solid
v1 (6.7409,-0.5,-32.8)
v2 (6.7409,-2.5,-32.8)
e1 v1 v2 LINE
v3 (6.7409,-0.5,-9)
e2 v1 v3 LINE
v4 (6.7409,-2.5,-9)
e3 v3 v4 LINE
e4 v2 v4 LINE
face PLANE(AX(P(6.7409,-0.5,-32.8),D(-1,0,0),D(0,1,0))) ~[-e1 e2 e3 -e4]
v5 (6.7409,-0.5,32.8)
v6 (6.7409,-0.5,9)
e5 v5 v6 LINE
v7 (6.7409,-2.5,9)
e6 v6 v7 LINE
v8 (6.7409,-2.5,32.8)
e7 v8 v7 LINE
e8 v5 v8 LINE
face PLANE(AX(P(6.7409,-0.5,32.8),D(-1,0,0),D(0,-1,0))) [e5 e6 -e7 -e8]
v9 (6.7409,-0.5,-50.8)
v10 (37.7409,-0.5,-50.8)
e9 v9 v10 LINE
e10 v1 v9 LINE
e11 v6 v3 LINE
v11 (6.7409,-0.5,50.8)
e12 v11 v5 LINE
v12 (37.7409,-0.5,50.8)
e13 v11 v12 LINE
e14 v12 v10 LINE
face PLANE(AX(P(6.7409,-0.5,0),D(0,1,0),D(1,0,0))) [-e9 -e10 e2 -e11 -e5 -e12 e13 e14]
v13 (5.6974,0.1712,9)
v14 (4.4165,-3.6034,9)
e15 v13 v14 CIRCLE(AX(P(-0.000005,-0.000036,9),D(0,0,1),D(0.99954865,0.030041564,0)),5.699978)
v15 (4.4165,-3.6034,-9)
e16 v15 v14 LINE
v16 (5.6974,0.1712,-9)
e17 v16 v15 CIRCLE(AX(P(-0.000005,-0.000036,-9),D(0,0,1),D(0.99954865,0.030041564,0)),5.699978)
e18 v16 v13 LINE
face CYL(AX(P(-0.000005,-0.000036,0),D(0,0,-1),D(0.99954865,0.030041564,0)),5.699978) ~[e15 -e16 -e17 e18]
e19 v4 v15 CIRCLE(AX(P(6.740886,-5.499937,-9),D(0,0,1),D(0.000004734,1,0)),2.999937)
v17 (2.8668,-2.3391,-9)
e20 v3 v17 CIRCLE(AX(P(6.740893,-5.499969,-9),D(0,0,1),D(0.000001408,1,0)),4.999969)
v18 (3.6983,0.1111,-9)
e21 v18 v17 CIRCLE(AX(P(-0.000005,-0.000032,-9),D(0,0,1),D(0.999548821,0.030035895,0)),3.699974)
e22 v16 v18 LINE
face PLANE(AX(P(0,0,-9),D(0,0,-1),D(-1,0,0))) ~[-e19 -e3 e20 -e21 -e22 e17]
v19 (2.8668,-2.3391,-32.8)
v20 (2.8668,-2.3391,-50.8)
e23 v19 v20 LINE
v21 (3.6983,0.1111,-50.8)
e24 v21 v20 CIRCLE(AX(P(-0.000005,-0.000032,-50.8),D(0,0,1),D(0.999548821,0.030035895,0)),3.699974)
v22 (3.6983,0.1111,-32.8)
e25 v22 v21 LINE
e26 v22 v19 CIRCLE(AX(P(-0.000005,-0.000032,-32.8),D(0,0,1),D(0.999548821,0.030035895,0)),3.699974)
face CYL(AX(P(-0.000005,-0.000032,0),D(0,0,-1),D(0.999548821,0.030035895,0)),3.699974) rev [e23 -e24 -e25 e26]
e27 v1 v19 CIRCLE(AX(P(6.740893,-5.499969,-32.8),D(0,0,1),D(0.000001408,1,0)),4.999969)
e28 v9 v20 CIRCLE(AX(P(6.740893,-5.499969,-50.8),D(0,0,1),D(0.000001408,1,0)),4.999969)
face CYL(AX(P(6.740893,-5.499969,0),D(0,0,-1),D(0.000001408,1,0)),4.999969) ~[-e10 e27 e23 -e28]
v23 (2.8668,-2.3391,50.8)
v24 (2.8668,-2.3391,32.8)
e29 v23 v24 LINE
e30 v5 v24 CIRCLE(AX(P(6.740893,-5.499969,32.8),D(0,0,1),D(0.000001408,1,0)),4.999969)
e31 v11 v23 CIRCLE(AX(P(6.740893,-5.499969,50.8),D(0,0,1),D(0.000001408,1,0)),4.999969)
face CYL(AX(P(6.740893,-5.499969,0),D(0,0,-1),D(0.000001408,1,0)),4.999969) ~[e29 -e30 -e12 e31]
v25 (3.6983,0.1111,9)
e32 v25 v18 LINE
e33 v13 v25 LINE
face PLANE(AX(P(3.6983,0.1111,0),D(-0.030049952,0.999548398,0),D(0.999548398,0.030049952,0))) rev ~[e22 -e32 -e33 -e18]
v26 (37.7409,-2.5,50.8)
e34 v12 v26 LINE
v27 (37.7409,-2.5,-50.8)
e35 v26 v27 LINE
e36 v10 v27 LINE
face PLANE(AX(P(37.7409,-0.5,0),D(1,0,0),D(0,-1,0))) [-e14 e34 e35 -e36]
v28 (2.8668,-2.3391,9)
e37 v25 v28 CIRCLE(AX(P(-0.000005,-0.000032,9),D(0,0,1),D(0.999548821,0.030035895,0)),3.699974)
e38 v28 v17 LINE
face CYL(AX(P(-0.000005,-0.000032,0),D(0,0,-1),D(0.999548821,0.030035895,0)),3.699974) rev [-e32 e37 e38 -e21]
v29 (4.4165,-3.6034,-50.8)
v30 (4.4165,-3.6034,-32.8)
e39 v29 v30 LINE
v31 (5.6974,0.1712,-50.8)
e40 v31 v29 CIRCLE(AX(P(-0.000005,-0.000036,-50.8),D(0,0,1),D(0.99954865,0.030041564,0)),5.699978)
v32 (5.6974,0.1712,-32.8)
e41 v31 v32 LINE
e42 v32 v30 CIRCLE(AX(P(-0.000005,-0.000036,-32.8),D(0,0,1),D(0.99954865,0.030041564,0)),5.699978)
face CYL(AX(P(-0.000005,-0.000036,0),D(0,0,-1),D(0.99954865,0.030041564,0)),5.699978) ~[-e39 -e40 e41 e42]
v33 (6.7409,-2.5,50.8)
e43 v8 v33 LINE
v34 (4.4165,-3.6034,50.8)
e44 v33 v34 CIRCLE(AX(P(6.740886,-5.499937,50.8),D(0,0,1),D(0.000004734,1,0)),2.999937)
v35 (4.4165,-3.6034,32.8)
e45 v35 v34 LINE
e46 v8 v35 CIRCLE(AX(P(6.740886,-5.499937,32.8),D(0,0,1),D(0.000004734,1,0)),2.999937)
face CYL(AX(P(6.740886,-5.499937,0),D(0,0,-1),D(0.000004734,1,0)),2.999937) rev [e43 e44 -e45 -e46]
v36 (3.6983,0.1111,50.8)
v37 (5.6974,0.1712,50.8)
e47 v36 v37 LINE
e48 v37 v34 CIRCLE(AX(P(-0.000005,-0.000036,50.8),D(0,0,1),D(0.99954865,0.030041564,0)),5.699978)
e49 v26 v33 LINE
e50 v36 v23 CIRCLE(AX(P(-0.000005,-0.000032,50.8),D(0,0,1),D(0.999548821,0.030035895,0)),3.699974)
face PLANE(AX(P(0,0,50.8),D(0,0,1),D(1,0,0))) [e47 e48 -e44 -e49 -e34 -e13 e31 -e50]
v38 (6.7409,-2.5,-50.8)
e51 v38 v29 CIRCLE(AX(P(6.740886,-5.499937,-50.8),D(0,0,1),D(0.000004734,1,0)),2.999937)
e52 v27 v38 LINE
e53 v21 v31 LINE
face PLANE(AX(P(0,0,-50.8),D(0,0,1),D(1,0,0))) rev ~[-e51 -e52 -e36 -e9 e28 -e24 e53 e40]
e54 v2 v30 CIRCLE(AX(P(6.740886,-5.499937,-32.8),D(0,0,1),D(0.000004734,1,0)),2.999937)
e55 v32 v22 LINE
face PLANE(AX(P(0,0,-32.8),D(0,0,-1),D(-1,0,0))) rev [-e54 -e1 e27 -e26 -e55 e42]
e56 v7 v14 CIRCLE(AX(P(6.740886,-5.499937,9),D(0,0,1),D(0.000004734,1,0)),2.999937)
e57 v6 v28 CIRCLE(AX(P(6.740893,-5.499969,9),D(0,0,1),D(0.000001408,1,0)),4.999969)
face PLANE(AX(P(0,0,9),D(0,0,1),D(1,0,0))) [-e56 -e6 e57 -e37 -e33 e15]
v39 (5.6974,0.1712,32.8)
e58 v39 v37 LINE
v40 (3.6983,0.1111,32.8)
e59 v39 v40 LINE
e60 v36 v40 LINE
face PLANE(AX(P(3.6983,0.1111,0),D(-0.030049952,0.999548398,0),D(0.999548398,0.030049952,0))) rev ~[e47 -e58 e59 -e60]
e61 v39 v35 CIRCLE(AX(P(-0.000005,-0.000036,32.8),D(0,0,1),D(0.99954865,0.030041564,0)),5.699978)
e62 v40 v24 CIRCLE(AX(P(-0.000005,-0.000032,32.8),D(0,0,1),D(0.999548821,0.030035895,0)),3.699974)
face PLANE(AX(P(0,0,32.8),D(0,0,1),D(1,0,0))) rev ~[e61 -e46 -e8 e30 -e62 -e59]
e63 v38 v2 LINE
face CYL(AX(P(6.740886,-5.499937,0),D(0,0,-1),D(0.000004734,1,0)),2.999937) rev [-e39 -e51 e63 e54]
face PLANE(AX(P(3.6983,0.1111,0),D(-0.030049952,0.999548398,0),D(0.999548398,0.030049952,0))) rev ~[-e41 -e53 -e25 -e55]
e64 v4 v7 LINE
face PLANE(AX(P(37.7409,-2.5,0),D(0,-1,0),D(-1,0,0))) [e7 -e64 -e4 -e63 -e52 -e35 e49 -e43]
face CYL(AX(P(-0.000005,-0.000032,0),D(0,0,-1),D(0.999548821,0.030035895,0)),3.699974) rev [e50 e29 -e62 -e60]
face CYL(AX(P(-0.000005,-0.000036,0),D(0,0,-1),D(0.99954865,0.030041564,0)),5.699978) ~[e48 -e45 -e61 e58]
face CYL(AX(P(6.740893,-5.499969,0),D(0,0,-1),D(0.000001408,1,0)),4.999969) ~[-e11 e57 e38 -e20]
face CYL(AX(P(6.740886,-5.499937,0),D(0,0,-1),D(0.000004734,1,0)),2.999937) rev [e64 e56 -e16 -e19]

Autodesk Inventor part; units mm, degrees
ref_plane "YZ Plane" through (0, 0, 0) normal (1, 0, 0) x (0, 1, 0)
ref_plane "XZ Plane" through (0, 0, 0) normal (0, 1, 0) x (-1, 0, 0)
sketch "Sketch1" plane through (0, 0, 0) normal (0, 0, 1) x (1, 0, 0)
  arc A0 (5.6974, 0.1712) -> (4.4165, -3.6034) centre (0, 0) ccw
  line L0 (37.7409, -2.5) -> (6.7409, -2.5)
  arc A1 (3.6983, 0.1111) -> (2.8668, -2.3391) centre (0, 0) ccw
  line L1 (6.7409, -0.5) -> (37.7409, -0.5)
  line L2 (37.7409, -0.5) -> (37.7409, -2.5)
  arc A2 (6.7409, -2.5) -> (4.4165, -3.6034) centre (6.7409, -5.5) ccw
  arc A3 (6.7409, -0.5) -> (2.8668, -2.3391) centre (6.7409, -5.5) ccw
  line L3 (3.6983, 0.1111) -> (5.6974, 0.1712)
  point P0 (5.1225, -2.5)
  dimension "d0" = 11.4
  dimension "d1" = 2
  dimension "d2" = 3
  dimension "d3" = 5
  dimension "d4" = 2
  dimension "d5" = 31
  dimension "d8" = 0.5
  dimension "d9" = 0.7
extrude "Extrusion1" add sketch "Sketch1" along normal mid plane 101.6
ref_plane "Work Plane1" through (0, 0, 32.8) normal (0, 0, 1) x (1, 0, 0)
sketch "Sketch2" plane through (0, 0, 32.8) normal (0, 0, 1) x (1, 0, 0)
  arc A0 (6.7409, -2.5) -> (4.4165, -3.6034) centre (6.7409, -5.5) ccw projected
  arc A1 (5.6974, 0.1712) -> (4.4165, -3.6034) centre (0, 0) ccw projected
  line L0 (5.6974, 0.1712) -> (3.6983, 0.1111) projected
  arc A2 (3.6983, 0.1111) -> (2.8668, -2.3391) centre (0, 0) ccw projected
  arc A3 (6.7409, -0.5) -> (2.8668, -2.3391) centre (6.7409, -5.5) ccw projected
  line L1 (6.7409, -0.5) -> (37.7409, -0.5) construction
  line L2 (37.7409, -0.5) -> (37.7409, -2.5) construction
  line L3 (37.7409, -2.5) -> (6.7409, -2.5) construction
  line L4 (6.7409, -0.5) -> (6.7409, -2.5)
extrude "Extrusion2" cut sketch "Sketch2" against normal blind 23.8
mirror "Mirror1" about plane through (0, 0, 0) normal (0, 0, 1) of "Extrusion2"
equation "\"d1\" = d4"
equation "\"d3\" = d2 + d4"
properties part number "HINGE PLATE 1" material "Stainless Steel"
